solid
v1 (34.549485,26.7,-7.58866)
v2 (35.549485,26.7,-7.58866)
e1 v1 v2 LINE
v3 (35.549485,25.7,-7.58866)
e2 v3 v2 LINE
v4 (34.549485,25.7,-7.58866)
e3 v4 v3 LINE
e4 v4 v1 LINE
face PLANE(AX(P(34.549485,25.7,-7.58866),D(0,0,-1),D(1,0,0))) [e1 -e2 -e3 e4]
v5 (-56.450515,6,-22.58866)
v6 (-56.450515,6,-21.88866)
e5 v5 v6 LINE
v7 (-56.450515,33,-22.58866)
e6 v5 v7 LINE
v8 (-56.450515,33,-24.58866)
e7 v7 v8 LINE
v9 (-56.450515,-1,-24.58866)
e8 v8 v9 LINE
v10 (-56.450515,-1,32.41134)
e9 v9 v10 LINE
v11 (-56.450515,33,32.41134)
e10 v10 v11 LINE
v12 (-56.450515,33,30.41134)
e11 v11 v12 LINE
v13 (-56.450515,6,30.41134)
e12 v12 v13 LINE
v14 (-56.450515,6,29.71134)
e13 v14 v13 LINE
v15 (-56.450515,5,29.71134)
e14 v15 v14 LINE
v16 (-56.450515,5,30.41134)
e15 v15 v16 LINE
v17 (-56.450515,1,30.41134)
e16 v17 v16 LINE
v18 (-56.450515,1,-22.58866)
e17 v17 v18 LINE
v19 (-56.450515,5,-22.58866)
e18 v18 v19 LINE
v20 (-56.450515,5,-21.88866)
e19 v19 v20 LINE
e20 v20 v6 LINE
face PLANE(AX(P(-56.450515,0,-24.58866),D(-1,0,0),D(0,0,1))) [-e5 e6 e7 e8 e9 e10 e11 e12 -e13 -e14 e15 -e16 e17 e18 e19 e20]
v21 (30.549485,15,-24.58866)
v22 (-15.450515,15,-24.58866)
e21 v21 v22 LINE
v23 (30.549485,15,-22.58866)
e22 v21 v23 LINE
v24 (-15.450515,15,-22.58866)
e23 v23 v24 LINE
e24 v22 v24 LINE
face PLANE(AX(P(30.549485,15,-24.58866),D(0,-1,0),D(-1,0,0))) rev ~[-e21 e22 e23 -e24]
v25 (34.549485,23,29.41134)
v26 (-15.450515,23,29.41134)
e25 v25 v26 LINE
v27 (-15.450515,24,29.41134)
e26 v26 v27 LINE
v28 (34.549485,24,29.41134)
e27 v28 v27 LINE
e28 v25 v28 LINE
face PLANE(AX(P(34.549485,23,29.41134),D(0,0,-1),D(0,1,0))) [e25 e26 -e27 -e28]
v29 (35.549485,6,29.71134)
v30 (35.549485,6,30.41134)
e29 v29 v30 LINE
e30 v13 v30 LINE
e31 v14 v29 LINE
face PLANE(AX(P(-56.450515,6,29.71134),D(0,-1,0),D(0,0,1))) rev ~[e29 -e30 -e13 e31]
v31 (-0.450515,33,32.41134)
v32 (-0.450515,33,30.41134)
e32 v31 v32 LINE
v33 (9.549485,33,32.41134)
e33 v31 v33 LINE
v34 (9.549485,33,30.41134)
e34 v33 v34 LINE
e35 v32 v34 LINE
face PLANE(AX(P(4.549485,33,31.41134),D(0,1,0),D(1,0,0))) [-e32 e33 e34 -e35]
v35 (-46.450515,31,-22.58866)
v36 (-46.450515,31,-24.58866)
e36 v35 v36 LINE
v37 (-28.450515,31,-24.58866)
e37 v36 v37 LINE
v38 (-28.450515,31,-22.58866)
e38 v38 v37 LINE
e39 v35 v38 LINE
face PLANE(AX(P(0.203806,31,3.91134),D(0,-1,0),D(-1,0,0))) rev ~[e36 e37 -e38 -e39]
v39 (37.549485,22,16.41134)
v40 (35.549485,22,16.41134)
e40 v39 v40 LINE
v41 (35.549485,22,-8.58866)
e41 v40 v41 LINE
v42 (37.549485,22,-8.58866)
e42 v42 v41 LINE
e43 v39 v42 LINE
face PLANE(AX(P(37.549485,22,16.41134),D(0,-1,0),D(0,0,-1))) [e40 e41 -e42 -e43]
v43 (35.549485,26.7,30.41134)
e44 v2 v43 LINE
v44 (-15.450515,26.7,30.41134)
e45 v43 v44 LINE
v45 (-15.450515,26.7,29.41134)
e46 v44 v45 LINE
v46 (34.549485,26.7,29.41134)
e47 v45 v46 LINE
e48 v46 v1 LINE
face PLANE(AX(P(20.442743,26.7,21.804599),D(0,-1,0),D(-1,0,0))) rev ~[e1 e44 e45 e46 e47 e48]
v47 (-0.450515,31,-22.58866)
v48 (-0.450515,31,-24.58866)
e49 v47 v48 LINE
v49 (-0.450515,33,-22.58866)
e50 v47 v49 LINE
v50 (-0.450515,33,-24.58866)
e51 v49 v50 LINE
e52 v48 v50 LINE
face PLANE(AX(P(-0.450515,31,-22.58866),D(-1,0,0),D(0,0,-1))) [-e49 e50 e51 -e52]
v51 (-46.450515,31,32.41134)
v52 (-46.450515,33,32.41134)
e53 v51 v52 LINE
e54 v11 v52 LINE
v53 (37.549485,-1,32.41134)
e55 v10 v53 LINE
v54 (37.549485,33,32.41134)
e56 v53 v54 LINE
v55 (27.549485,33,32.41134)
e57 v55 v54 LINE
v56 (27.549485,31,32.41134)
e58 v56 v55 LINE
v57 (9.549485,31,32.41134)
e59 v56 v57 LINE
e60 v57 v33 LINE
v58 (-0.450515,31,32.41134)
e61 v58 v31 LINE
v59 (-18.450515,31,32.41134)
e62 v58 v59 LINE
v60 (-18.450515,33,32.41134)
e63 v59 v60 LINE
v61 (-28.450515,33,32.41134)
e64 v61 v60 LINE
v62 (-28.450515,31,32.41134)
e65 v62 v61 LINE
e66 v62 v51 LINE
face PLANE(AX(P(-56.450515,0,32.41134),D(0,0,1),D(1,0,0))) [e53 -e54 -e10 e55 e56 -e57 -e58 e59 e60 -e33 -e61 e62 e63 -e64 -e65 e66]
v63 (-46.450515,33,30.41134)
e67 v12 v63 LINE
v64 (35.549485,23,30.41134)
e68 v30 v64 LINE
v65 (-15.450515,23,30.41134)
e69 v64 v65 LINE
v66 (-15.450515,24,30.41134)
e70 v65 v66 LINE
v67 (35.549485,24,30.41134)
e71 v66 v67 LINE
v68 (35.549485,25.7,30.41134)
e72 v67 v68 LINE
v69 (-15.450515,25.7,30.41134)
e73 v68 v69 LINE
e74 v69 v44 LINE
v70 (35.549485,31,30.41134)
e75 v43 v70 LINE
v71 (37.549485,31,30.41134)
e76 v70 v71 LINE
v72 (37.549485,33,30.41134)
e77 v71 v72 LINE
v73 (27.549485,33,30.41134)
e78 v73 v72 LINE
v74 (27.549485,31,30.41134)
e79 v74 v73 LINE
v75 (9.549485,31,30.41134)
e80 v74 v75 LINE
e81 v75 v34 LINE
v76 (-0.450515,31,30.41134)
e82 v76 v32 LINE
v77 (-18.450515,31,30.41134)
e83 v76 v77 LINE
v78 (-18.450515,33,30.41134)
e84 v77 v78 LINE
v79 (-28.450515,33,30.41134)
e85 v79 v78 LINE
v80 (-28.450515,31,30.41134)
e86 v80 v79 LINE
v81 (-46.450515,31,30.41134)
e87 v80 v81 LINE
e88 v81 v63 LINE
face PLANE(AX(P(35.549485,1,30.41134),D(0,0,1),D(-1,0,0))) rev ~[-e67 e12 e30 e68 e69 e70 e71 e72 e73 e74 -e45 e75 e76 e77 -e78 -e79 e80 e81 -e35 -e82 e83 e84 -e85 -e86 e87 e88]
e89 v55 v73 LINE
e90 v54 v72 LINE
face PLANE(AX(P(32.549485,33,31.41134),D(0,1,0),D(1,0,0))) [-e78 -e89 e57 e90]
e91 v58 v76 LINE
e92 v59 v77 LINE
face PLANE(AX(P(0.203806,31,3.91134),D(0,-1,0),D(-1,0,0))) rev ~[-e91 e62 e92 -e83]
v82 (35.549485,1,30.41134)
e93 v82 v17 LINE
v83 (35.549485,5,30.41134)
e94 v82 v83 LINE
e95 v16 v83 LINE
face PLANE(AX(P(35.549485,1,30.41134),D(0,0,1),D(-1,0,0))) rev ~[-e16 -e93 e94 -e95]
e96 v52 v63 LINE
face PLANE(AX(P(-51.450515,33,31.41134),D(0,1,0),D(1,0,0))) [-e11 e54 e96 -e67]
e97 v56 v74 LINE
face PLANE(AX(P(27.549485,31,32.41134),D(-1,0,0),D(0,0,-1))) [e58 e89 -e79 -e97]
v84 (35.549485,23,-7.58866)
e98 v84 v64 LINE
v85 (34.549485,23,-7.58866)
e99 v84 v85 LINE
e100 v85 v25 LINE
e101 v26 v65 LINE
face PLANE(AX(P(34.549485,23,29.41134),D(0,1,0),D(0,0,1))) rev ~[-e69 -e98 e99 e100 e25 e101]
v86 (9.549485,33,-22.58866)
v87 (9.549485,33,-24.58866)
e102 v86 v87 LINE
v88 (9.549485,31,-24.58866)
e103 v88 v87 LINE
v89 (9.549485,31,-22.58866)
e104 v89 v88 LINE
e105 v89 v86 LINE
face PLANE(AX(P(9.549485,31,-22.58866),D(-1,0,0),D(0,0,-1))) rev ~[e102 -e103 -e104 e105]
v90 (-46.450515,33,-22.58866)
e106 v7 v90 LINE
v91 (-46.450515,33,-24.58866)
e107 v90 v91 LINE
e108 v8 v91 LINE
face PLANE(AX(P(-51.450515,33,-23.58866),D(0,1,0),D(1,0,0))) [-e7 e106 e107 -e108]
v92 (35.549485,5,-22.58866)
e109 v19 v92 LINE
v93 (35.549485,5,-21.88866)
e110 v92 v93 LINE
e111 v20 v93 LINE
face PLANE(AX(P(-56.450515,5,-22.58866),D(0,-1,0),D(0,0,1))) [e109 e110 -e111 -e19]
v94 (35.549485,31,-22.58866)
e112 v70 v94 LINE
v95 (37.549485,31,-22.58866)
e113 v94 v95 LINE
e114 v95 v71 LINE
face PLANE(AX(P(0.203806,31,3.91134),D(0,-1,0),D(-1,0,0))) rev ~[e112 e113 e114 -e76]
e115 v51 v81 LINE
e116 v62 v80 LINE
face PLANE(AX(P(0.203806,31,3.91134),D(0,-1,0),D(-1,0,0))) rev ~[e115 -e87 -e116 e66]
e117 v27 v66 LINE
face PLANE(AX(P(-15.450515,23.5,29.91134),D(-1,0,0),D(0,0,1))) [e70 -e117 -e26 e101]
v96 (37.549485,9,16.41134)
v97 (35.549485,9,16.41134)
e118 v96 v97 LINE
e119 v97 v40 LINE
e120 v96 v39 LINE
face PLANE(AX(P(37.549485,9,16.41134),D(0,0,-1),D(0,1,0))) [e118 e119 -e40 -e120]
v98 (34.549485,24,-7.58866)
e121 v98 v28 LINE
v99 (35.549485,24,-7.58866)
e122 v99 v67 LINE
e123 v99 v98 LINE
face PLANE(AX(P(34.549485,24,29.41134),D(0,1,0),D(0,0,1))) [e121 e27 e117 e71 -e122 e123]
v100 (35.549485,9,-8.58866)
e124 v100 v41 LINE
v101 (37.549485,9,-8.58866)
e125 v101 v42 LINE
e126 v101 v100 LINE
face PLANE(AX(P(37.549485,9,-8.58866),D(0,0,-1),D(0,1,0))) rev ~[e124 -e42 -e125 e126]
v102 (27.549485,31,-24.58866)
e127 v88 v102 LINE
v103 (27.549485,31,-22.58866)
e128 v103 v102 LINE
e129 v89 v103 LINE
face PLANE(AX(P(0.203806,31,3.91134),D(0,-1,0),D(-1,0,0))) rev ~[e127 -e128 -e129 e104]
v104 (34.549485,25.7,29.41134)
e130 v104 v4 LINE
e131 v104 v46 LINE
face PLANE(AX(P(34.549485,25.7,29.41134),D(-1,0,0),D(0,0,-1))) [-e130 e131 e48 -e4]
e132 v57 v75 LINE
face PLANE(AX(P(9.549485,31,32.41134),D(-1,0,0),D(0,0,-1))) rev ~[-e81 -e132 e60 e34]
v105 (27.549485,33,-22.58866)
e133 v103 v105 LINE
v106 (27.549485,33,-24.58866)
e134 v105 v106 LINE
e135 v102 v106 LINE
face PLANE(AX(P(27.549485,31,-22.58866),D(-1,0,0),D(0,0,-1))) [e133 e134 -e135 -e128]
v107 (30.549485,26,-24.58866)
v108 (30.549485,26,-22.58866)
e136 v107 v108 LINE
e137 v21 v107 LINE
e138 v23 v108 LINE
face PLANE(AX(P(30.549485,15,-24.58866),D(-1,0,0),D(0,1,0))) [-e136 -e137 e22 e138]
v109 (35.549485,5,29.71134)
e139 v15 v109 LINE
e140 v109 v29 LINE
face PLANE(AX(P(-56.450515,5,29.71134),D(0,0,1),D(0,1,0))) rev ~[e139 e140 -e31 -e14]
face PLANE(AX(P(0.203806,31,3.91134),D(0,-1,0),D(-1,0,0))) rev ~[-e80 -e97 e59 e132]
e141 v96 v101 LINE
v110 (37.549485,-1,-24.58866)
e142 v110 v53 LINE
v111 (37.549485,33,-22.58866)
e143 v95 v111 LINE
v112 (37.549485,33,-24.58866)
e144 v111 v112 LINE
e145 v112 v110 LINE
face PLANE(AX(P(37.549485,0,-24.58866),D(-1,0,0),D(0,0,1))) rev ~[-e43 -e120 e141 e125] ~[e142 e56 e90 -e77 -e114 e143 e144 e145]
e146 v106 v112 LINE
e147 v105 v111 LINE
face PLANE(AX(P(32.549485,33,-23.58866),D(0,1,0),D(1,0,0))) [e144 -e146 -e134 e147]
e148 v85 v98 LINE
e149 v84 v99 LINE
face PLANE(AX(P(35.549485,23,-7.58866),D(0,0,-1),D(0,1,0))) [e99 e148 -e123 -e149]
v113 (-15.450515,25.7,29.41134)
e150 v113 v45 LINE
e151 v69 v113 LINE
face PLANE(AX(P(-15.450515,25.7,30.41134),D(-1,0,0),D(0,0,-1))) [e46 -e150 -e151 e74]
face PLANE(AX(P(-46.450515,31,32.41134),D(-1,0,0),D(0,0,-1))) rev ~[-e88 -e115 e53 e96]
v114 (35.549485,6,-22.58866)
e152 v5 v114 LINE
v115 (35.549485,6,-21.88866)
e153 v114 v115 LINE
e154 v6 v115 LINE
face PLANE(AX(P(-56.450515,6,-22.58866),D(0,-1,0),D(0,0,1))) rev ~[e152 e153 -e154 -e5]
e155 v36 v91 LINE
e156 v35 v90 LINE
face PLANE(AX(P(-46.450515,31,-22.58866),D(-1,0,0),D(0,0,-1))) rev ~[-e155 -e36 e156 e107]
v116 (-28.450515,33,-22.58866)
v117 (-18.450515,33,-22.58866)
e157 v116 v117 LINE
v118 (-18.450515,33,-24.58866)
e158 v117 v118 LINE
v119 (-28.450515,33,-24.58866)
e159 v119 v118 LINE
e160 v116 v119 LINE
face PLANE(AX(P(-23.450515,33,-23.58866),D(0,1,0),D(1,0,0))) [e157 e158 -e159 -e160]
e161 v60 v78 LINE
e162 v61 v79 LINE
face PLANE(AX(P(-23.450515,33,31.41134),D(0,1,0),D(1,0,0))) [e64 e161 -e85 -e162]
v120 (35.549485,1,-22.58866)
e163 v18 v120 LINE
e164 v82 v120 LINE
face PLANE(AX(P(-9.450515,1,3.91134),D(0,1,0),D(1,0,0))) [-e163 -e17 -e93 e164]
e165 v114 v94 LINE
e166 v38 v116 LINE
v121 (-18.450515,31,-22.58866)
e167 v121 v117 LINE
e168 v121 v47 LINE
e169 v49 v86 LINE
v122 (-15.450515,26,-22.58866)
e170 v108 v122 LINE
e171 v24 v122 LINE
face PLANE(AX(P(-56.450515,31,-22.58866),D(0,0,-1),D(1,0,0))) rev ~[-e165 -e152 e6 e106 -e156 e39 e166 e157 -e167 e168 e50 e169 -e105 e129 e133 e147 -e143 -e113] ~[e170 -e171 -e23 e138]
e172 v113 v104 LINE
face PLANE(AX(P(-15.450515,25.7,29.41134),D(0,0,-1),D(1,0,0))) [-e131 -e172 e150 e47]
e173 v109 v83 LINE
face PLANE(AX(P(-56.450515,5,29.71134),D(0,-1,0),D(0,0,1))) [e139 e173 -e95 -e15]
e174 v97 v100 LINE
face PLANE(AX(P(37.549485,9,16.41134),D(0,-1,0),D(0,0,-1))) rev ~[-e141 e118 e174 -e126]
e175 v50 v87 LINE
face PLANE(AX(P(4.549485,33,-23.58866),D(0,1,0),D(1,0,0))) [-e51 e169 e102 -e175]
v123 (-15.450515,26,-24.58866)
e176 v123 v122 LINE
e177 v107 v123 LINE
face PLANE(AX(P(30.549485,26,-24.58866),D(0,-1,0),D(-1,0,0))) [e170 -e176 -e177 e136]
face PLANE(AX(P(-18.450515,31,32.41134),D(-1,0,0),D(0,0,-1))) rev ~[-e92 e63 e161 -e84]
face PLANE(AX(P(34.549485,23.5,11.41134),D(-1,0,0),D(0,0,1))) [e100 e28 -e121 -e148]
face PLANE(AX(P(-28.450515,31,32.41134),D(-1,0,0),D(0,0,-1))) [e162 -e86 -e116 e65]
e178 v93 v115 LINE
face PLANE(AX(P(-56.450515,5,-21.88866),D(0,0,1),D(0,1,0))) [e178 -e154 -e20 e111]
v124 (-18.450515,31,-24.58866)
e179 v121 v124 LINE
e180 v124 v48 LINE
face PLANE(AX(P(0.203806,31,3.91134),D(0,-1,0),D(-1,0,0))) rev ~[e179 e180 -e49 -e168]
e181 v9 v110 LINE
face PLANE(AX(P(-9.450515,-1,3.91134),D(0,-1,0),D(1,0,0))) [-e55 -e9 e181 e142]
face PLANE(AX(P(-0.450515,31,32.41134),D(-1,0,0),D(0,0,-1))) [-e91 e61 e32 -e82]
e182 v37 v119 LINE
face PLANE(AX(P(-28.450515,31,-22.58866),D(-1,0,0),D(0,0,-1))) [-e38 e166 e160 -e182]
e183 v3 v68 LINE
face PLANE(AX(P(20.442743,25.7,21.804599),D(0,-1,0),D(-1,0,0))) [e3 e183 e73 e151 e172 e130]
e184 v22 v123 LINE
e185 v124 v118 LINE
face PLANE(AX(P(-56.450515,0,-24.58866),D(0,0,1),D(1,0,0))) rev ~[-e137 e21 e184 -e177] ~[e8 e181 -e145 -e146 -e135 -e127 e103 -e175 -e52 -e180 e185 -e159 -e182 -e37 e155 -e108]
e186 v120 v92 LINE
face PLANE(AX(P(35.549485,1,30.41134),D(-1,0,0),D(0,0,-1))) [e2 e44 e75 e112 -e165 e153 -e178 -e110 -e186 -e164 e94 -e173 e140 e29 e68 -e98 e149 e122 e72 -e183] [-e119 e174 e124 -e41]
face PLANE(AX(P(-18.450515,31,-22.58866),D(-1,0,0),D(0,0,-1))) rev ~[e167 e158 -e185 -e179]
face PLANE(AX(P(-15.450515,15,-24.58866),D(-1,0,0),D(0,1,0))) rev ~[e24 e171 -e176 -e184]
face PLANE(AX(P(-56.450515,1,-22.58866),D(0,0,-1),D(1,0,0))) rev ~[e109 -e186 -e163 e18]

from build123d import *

# Parameters (mm, degrees)
SKETCH1_W           = 94
SKETCH1_H           = 57
BOSS_EXTRUDE1_DEPTH = 1
BOSS_EXTRUDE3_DEPTH = 30
SKETCH5_W           = 0.7
SKETCH5_H           = 1
BOSS_EXTRUDE4_DEPTH = 92
SKETCH6_W           = 46
SKETCH6_H           = 11
CUT_EXTRUDE2_DEPTH  = 30
SKETCH7_W           = 10
SKETCH7_H           = 2
BOSS_EXTRUDE5_DEPTH = 2
SKETCH8_W           = 25
SKETCH8_H           = 13
CUT_EXTRUDE3_DEPTH  = 2
SKETCH9_W           = 38
SKETCH9_H           = 1
BOSS_EXTRUDE6_DEPTH = 1
SKETCH10_W          = 1
SKETCH10_H          = 1
BOSS_EXTRUDE7_DEPTH = 50
BOSS_EXTRUDE8_DEPTH = 1
SKETCH13_W          = 94
SKETCH13_H          = 57
BOSS_EXTRUDE9_DEPTH = 1


with BuildPart() as part:
    # Sketch1 → Boss-Extrude1 (new body)
    with BuildSketch(Plane(origin=(0, 0, 0), x_dir=(1, 0, 0), z_dir=(0, 1, 0))):
        with Locations((-9.450515464, -3.911340206)):
            Rectangle(SKETCH1_W, SKETCH1_H)
    extrude(amount=BOSS_EXTRUDE1_DEPTH)

    # Sketch2 → Boss-Extrude3 (add)
    with BuildSketch(Plane(origin=(0, 1, 0), x_dir=(1, 0, 0), z_dir=(0, 1, 0))):
        Polygon((-56.450515464, 24.588659794), (37.549484536, 24.588659794), (37.549484536, -32.411340206), (-56.450515464, -32.411340206), (-56.450515464, -30.411340206), (-54.450515464, -30.411340206), (35.549484536, -30.411340206), (35.549484536, 22.588659794), (-54.450515464, 22.588659794), (-56.450515464, 22.588659794), align=None)
    extrude(amount=BOSS_EXTRUDE3_DEPTH)

    # Sketch5 → Boss-Extrude4 (add)
    with BuildSketch(Plane.ZY.offset(56.450515464)):
        with Locations((-22.238659794, 5.5)):
            Rectangle(SKETCH5_W, SKETCH5_H)
        with Locations((30.061340206, 5.5)):
            Rectangle(SKETCH5_W, SKETCH5_H)
    extrude(amount=-BOSS_EXTRUDE4_DEPTH)

    # Sketch6 → Cut-Extrude2 (cut)
    with BuildSketch(Plane(origin=(0, 0, -24.588659794), x_dir=(-1, 0, 0), z_dir=(0, 0, -1))):
        with Locations((-7.549484536, 20.5)):
            Rectangle(SKETCH6_W, SKETCH6_H)
    extrude(amount=-CUT_EXTRUDE2_DEPTH, mode=Mode.SUBTRACT)

    # Sketch7 → Boss-Extrude5 (add)
    with BuildSketch(Plane(origin=(0, 31, 0), x_dir=(1, 0, 0), z_dir=(0, 1, 0))):
        with Locations((-51.450515464, 23.588659794)):
            Rectangle(SKETCH7_W, SKETCH7_H)
        with Locations((-23.450515464, 23.588659794)):
            Rectangle(SKETCH7_W, SKETCH7_H)
        with Locations((4.549484536, 23.588659794)):
            Rectangle(SKETCH7_W, SKETCH7_H)
        with Locations((32.549484536, 23.588659794)):
            Rectangle(SKETCH7_W, SKETCH7_H)
        with Locations((-51.450515464, -31.411340206)):
            Rectangle(SKETCH7_W, SKETCH7_H)
        with Locations((-23.450515464, -31.411340206)):
            Rectangle(SKETCH7_W, SKETCH7_H)
        with Locations((4.549484536, -31.411340206)):
            Rectangle(SKETCH7_W, SKETCH7_H)
        with Locations((32.549484536, -31.411340206)):
            Rectangle(SKETCH7_W, SKETCH7_H)
    extrude(amount=BOSS_EXTRUDE5_DEPTH)

    # Sketch8 → Cut-Extrude3 (cut)
    with BuildSketch(Plane(origin=(37.549484536, 0, 0), x_dir=(0, 0, -1), z_dir=(1, 0, 0))):
        with Locations((-3.911340206, 15.5)):
            Rectangle(SKETCH8_W, SKETCH8_H)
    extrude(amount=-CUT_EXTRUDE3_DEPTH, mode=Mode.SUBTRACT)

    # Sketch9 → Boss-Extrude6 (add)
    with BuildSketch(Plane.ZY.offset(-35.549484536)):
        with Locations((11.411340206, 23.5)):
            Rectangle(SKETCH9_W, SKETCH9_H)
    extrude(amount=BOSS_EXTRUDE6_DEPTH)

    # Sketch10 → Boss-Extrude7 (add)
    with BuildSketch(Plane.ZY.offset(-34.549484536)):
        with Locations((29.911340206, 23.5)):
            Rectangle(SKETCH10_W, SKETCH10_H)
    extrude(amount=BOSS_EXTRUDE7_DEPTH)

    # Sketch11 → Boss-Extrude8 (add)
    with BuildSketch(Plane(origin=(0, 25.7, 0), x_dir=(1, 0, 0), z_dir=(0, 1, 0))):
        Polygon((34.549484536, 7.588659794), (35.549484536, 7.588659794), (35.549484536, -30.411340206), (-15.450515464, -30.411340206), (-15.450515464, -29.411340206), (34.549484536, -29.411340206), align=None)
    extrude(amount=BOSS_EXTRUDE8_DEPTH)

    # Sketch13 → Boss-Extrude9 (add)
    with BuildSketch(Plane.XZ):
        with Locations((-9.450515464, 3.911340206)):
            Rectangle(SKETCH13_W, SKETCH13_H)
    extrude(amount=BOSS_EXTRUDE9_DEPTH)


solid = part.part
